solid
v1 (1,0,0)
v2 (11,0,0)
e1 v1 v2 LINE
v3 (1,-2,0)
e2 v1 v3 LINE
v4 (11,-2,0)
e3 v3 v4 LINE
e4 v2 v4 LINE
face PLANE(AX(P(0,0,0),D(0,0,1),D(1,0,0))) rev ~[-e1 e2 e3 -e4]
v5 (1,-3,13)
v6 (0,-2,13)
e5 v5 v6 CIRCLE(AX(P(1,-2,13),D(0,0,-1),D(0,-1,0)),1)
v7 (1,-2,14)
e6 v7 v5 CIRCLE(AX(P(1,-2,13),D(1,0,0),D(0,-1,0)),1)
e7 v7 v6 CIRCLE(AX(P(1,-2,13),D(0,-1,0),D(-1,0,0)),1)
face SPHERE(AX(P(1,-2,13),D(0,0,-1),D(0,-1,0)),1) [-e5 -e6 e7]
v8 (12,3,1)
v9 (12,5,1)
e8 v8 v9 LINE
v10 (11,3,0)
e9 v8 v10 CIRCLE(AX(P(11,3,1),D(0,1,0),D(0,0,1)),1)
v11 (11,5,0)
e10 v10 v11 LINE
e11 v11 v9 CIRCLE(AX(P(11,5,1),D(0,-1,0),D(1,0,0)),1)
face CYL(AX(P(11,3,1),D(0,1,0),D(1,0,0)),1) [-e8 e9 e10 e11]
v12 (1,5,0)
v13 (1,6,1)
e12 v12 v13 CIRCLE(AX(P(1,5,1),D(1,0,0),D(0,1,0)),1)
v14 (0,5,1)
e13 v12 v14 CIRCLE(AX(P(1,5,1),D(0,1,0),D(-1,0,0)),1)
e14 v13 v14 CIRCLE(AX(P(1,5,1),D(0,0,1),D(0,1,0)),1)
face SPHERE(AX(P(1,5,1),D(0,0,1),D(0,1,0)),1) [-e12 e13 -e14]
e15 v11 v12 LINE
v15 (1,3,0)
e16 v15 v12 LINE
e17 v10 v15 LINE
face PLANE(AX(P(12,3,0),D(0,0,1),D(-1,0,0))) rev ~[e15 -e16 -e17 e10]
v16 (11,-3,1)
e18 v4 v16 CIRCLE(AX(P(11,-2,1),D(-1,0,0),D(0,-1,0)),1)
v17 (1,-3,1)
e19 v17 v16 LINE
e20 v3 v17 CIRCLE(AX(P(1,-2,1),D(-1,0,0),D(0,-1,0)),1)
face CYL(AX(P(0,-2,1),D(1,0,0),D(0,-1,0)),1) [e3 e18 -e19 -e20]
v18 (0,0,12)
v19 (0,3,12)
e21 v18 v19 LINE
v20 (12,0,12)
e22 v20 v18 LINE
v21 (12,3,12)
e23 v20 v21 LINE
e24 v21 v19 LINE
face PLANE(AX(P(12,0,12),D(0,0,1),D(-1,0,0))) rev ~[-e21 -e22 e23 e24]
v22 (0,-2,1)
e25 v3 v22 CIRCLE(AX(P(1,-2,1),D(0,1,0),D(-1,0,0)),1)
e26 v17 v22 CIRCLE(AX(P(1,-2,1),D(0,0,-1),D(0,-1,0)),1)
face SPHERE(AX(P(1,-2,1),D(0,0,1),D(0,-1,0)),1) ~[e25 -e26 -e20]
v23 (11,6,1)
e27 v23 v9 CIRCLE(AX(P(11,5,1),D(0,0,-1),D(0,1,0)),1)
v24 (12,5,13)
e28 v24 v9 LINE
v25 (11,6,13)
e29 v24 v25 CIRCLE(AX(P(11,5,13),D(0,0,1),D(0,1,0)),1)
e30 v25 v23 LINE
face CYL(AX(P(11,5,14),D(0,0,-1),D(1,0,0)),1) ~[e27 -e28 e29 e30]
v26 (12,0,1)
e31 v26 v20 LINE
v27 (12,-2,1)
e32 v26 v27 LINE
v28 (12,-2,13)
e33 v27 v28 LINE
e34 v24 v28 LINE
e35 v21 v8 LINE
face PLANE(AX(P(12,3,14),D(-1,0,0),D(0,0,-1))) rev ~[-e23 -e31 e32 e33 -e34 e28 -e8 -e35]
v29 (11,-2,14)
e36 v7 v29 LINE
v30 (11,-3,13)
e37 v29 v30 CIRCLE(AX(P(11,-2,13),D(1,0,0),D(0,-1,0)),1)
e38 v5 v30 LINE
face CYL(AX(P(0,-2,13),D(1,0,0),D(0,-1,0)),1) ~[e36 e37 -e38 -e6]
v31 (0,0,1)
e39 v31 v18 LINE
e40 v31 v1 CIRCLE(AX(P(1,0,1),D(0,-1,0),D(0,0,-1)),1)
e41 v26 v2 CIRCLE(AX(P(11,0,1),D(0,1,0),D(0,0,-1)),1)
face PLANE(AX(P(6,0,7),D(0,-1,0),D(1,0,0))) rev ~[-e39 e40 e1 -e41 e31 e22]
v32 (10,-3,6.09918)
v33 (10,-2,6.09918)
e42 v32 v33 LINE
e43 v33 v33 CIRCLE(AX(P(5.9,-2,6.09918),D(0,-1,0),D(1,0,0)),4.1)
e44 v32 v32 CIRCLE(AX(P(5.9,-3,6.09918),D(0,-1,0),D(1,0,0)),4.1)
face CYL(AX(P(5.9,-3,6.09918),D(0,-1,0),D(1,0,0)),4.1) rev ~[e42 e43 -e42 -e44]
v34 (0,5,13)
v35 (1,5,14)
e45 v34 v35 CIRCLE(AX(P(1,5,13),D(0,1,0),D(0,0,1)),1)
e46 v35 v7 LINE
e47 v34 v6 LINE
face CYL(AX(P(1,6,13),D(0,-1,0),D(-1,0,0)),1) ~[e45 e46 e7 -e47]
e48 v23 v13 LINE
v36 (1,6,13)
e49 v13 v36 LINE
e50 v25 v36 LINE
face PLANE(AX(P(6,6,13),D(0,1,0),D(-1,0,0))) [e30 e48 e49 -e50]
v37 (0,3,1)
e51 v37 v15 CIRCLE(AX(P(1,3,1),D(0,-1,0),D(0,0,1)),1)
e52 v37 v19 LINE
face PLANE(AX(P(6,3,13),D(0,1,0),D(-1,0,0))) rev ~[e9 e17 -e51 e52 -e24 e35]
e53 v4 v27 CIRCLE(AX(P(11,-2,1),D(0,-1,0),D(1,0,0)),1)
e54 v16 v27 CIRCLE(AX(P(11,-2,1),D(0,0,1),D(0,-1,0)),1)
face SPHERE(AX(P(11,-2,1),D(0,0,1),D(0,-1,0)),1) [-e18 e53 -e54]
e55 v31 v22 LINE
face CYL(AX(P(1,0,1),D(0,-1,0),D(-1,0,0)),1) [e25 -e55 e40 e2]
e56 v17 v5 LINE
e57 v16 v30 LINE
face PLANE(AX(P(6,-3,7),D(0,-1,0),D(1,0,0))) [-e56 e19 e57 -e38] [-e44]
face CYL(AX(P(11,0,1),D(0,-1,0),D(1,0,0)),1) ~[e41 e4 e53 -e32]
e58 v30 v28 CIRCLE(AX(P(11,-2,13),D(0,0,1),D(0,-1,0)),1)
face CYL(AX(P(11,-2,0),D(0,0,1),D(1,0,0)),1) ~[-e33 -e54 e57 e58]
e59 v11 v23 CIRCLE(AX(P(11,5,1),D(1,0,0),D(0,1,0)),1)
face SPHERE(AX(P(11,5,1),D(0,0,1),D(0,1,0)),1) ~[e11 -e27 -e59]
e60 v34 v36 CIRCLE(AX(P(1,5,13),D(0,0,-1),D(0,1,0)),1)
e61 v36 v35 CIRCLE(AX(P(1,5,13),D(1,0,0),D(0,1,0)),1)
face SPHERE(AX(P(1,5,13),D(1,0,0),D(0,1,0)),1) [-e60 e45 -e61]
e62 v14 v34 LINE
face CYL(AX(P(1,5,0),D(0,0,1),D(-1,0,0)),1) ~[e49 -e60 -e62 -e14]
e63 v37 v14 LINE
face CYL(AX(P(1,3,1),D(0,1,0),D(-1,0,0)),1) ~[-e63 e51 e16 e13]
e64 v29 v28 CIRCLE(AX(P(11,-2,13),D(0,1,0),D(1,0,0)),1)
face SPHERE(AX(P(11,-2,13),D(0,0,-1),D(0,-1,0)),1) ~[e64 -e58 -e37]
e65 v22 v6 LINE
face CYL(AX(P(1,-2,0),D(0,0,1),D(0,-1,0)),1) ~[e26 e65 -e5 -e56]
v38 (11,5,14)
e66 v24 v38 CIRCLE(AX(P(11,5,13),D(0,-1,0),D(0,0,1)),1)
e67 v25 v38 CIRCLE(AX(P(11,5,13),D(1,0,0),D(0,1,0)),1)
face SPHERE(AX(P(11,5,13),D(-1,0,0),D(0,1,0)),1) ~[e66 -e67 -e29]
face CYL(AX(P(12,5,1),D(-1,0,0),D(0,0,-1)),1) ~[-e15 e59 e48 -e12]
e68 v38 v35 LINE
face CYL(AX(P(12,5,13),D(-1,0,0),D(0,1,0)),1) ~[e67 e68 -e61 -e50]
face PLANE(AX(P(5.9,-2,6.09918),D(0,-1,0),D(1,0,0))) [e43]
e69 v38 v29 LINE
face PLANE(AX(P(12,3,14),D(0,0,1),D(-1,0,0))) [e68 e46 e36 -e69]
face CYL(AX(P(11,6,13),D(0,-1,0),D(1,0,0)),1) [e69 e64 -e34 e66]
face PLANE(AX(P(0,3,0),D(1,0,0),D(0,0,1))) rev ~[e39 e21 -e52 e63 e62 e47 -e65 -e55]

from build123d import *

# Parameters (mm, degrees)
F0_W     = 12
F0_H     = 14
F1_DEPTH = 3
F2_R     = 4.1
F3_DEPTH = 1
F4_W     = 12
F4_H     = 2
F5_DEPTH = 3
F6_W     = 12
F6_H     = 2
F6_H_2   = 12
F7_DEPTH = 3
F8_R     = 1


with BuildPart() as f1:
    # F0 (on Front) → F1 (new body)
    with BuildSketch(Plane.XZ):
        with Locations((6, 7)):
            Rectangle(F0_W, F0_H)
    extrude(amount=F1_DEPTH)

    # F2 (on face) → F3 (cut)
    with BuildSketch(Plane.XZ.offset(3)):
        with Locations((5.9, 6.09918)):
            Circle(F2_R)
    extrude(amount=-F3_DEPTH, mode=Mode.SUBTRACT)

    # F4 (on face) → F5 (join)
    with BuildSketch(Plane(origin=(0, 0, 0), x_dir=(-1, 0, 0), z_dir=(0, 1, 0))):
        with Locations((-6, 13)):
            Rectangle(F4_W, F4_H)
    extrude(amount=F5_DEPTH)

    # F6 (on face) → F7 (join)
    with BuildSketch(Plane(origin=(0, 3, 0), x_dir=(-1, 0, 0), z_dir=(0, 1, 0))):
        with Locations((-6, 13)):
            Rectangle(F6_W, F6_H)
        with Locations((-6, 6)):
            Rectangle(F6_W, F6_H_2)
    extrude(amount=F7_DEPTH)

    # F8
    f8_edges = [f1.edges().sort_by_distance(p)[0] for p in [
        (12, -3, 7),
        (0, -3, 7),
        (6, -3, 14),
        (6, -3, 0),
        (6, 6, 14),
        (0, 6, 7),
        (12, 6, 7),
        (6, 6, 0),
        (0, 1.5, 14),
        (12, 1.5, 14),
        (12, -1.5, 0),
        (12, 4.5, 0),
        (0, 4.5, 0),
        (0, -1.5, 0),
    ]]
    fillet(f8_edges, radius=F8_R)


solid = f1.part
